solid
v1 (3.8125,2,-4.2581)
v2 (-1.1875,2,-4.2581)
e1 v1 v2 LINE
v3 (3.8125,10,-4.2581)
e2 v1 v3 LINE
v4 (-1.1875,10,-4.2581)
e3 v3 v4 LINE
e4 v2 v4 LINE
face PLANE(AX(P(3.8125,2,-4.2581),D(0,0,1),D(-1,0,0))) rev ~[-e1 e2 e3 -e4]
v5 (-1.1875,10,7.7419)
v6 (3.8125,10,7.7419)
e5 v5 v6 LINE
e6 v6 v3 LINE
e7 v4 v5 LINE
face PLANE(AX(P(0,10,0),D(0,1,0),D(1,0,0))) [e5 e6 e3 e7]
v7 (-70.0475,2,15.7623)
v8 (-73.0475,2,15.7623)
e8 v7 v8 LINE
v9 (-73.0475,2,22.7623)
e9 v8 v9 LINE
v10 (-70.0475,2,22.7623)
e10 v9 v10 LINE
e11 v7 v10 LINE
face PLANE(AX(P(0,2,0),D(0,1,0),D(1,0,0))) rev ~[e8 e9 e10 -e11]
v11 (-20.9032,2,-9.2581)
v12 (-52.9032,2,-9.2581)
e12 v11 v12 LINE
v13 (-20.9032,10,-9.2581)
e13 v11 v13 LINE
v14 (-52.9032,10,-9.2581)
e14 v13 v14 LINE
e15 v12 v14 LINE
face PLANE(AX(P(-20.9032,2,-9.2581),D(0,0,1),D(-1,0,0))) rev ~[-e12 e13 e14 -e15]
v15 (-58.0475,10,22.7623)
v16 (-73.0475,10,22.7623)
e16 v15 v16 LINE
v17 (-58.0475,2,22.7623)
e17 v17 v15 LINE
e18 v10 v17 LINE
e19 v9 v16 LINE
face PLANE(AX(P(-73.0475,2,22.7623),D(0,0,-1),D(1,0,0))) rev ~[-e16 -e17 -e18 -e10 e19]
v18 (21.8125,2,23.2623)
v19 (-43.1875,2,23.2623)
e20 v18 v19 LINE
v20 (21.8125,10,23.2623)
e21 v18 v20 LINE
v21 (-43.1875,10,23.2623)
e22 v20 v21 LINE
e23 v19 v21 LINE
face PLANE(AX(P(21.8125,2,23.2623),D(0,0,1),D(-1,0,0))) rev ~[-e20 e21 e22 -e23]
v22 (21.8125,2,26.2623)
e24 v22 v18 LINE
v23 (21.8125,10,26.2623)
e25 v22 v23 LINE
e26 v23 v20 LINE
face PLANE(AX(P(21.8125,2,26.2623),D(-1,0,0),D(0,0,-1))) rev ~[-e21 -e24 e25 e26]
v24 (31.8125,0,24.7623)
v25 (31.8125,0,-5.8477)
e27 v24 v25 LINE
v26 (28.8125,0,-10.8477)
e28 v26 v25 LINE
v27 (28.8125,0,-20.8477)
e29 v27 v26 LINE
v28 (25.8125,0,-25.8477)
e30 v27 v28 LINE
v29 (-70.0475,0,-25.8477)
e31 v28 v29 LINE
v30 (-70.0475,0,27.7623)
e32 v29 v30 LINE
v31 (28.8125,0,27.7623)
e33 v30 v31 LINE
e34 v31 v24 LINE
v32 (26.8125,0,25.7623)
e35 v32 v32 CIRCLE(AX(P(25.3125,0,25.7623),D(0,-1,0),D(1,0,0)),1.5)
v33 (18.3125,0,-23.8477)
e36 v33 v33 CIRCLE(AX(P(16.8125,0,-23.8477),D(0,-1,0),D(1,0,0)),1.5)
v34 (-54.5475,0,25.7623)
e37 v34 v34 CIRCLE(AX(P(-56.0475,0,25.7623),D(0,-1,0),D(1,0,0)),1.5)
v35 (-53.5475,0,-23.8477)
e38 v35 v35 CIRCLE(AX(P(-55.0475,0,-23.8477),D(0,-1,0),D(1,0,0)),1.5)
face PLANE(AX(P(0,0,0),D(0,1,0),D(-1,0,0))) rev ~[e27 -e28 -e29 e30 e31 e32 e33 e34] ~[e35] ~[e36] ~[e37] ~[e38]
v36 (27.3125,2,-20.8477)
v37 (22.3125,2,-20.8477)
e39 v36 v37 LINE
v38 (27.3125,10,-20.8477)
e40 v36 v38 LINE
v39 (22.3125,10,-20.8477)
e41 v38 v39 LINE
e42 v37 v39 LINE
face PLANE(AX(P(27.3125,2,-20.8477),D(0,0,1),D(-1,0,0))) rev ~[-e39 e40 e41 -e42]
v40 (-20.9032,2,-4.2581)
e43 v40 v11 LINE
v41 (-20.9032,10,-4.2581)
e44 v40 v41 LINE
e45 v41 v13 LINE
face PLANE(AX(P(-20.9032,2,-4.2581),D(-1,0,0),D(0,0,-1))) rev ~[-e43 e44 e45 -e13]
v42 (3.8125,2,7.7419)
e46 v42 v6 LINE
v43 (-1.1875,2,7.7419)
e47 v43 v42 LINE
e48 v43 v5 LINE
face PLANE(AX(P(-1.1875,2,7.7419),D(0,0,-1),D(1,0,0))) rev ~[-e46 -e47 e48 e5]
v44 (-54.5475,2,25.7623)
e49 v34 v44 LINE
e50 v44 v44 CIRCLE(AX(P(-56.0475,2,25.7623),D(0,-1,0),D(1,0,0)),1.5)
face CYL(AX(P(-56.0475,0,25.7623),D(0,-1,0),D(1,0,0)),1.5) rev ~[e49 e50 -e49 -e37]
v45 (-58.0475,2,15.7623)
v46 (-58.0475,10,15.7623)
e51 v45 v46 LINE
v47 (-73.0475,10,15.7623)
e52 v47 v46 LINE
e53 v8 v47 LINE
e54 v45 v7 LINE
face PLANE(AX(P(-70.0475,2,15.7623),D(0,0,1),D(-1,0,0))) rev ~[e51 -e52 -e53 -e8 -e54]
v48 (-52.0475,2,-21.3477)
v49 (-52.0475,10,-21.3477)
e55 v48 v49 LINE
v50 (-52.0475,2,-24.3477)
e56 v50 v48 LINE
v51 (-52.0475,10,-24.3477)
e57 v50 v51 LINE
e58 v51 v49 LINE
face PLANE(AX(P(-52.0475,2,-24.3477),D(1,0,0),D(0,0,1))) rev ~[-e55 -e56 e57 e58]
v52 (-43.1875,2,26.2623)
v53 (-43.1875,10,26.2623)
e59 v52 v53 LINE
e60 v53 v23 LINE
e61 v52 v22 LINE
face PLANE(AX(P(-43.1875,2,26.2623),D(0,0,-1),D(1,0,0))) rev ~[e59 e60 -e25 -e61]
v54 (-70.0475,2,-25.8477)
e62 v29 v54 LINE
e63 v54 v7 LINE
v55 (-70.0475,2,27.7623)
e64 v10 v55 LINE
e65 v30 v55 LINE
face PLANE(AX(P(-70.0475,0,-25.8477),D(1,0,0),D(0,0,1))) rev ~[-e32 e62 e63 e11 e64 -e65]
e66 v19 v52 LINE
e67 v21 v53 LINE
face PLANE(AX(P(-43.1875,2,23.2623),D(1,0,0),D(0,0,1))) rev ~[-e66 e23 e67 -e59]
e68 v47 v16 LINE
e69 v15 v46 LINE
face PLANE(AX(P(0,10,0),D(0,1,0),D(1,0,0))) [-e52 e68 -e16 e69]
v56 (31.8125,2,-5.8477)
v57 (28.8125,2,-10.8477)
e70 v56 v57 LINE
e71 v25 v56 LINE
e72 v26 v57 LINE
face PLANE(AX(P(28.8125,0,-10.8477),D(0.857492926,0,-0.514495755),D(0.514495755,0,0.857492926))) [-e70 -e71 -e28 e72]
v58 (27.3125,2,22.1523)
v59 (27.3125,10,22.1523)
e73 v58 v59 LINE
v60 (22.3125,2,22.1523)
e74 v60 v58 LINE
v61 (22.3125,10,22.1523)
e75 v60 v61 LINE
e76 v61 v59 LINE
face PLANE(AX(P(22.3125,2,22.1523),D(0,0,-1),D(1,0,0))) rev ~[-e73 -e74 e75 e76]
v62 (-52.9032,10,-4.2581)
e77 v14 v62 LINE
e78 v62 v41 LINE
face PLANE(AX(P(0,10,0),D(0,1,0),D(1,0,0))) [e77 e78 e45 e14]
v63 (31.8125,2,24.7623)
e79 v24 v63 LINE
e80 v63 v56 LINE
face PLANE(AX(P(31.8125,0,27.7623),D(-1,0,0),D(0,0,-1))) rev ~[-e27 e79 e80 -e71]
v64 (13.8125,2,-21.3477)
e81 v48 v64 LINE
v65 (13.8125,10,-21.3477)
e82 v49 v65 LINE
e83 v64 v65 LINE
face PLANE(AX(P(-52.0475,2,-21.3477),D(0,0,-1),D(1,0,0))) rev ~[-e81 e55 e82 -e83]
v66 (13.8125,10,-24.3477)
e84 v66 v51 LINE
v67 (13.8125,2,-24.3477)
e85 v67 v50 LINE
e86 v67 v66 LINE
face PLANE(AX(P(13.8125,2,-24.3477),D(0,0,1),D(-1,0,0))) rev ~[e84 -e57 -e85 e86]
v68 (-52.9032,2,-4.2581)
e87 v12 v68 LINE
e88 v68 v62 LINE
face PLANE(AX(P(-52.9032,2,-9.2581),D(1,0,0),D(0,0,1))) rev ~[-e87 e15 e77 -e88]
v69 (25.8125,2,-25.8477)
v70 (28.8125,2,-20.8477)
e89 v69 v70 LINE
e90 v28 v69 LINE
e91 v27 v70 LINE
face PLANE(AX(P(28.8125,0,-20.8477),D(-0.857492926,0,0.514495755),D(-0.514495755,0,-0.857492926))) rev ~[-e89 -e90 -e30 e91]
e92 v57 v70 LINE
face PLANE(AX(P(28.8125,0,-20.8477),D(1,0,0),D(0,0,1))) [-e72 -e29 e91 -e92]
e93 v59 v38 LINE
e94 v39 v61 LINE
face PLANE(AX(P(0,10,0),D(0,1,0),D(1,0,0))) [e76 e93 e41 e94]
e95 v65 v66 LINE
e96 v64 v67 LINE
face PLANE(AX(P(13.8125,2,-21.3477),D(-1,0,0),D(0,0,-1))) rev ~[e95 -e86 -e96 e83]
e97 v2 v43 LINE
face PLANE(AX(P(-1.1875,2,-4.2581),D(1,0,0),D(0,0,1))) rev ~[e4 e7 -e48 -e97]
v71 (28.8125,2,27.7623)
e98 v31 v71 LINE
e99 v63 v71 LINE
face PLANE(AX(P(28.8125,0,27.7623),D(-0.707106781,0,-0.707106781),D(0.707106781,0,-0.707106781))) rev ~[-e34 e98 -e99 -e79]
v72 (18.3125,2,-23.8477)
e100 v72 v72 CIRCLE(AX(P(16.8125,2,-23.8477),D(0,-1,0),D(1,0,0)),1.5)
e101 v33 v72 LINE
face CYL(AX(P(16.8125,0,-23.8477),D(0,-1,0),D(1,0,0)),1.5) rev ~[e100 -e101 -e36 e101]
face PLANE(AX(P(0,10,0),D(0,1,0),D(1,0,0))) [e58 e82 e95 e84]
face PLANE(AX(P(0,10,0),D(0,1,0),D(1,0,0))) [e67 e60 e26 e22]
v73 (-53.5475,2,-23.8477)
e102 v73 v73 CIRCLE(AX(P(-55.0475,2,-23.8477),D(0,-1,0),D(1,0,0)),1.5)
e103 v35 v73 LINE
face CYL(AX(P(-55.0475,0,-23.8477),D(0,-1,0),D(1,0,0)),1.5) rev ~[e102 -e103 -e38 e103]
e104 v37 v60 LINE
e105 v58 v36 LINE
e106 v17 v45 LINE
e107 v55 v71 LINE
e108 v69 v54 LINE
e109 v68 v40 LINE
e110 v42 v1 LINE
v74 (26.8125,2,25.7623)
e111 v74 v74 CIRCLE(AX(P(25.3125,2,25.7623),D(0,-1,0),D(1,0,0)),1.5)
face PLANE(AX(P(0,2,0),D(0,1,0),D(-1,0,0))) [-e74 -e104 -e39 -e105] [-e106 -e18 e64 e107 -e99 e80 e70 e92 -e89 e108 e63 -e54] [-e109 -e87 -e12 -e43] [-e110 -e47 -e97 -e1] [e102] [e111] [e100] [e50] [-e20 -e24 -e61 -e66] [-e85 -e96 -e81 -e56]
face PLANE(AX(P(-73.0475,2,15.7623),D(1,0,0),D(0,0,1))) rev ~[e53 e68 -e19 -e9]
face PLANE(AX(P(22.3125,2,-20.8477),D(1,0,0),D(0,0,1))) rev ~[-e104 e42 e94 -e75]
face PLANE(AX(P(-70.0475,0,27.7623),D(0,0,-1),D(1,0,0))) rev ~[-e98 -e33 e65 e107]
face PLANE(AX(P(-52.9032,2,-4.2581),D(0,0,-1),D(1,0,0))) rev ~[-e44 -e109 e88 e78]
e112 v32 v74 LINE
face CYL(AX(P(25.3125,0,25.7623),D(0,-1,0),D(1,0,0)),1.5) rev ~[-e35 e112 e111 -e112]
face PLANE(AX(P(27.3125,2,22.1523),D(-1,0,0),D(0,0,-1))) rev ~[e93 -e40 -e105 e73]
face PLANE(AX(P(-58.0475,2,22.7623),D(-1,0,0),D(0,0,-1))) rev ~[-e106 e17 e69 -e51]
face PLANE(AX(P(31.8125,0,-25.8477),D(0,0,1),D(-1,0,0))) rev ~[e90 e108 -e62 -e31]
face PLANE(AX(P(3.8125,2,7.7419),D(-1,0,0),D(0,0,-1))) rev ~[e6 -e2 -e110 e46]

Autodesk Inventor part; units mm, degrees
ref_plane "YZ Plane" through (0, 0, 0) normal (1, 0, 0) x (0, 1, 0)
ref_plane "XZ Plane" through (0, 0, 0) normal (0, 1, 0) x (-1, 0, 0)
ref_plane "XY Plane" through (0, 0, 0) normal (0, 0, 1) x (1, 0, 0)
sketch "Boceto1" plane through (0, 0, 0) normal (0, 1, 0) x (-1, 0, 0)
  line L0 (70.0475, 27.7623) -> (-31.8125, 27.7623)
  line L1 (-31.8125, 27.7623) -> (-31.8125, -25.8477)
  line L2 (-31.8125, -25.8477) -> (70.0475, -25.8477)
  line L3 (70.0475, -25.8477) -> (70.0475, 27.7623)
  point P0 (0, 0)
  dimension "d0" = 53.61
  dimension "d1" = 101.86
extrude "Extrusión1" add sketch "Boceto1" along normal blind 2
sketch "Boceto6" plane through (0, 0, 0) normal (0, -1, 0) x (1, 0, 0)
  line L0 (-50.0475, 27.7623) -> (23.8125, 27.7623) projected
  line L1 (28.8125, 27.7623) -> (31.8125, 24.7623)
  line L2 (31.8125, 27.7623) -> (31.8125, -25.8477) projected
  line L3 (-70.0475, 27.7623) -> (31.8125, 27.7623) projected
  line L4 (28.8125, 27.7623) -> (31.8125, 27.7623)
  line L5 (31.8125, 27.7623) -> (31.8125, 24.7623)
  circle A0 centre (25.3125, 25.7623) radius 1.5
  line L6 (31.8125, 17.7623) -> (31.8125, -25.8477) projected
  line L7 (31.8125, -15.8477) -> (25.8125, -25.8477)
  line L8 (31.8125, -25.8477) -> (23.8125, -25.8477) projected
  line L9 (31.8125, -25.8477) -> (28.8125, -25.8477)
  line L10 (28.8125, -25.8477) -> (28.8125, 5.0493)
  line L11 (28.8125, -10.8477) -> (31.8125, -5.8477)
  line L12 (31.8125, -5.8477) -> (31.8125, -25.8477)
  line L13 (25.8125, -25.8477) -> (31.8125, -25.8477)
  circle A1 centre (16.8125, -23.8477) radius 1.5
  line L14 (31.8125, -25.8477) -> (-70.0475, -25.8477) projected
  circle A2 centre (-56.0475, 25.7623) radius 1.5
  line L15 (-70.0475, 27.7623) -> (31.8125, 27.7623) projected
  line L16 (-70.0475, -25.8477) -> (-70.0475, 27.7623) projected
  circle A3 centre (-55.0475, -23.8477) radius 1.5
  point P0 (0, 0)
  point P1 (28.8125, -20.8477)
  point P2 (28.8125, -20.8477)
  dimension "d39" = 3
  dimension "d40" = 3
  dimension "d41" = 3
  dimension "d42" = 6.5
  dimension "d43" = 2
  dimension "d44" = 6
  dimension "d45" = 10
  dimension "d46" = 3
  dimension "d47" = 10
  dimension "d48" = 10
  dimension "d49" = 3
  dimension "d50" = 2
  dimension "d51" = 15
  dimension "d52" = 3
  dimension "d53" = 2
  dimension "d54" = 14
  dimension "d55" = 3
  dimension "d56" = 2
  dimension "d57" = 15
extrude "Extrusión7" cut sketch "Boceto6" against normal blind 3 contours L3 L2 L1 | L7 L10 L8 | L2 L7 L10 L11 | L7 L2 L8 L10 | A0 | A1 | A2 | A3
sketch "Boceto5" plane through (0, 2, 0) normal (0, 1, 0) x (1, 0, 0)
  line L0 (-73.0475, -22.7623) -> (-58.0475, -22.7623)
  line L1 (-58.0475, -22.7623) -> (-58.0475, -15.7623)
  line L2 (-58.0475, -15.7623) -> (-73.0475, -15.7623)
  line L3 (-73.0475, -15.7623) -> (-73.0475, -22.7623)
  line L4 (-70.0475, -27.7623) -> (31.8125, -27.7623) projected
  line L5 (-70.0475, 25.8477) -> (-70.0475, -27.7623) projected
  point P0 (0, 0)
  point P1 (-50.0475, -27.7623)
  point P2 (-65.5475, -22.7623)
  dimension "d33" = 5
  dimension "d34" = 7
  dimension "d35" = 3
  dimension "d36" = 15
extrude "Extrusión6" add sketch "Boceto5" along normal blind 8
sketch "Boceto4" plane through (0, 2, 0) normal (0, 1, 0) x (1, 0, 0)
  line L0 (-52.9032, 4.2581) -> (-20.9032, 4.2581)
  line L1 (-20.9032, 4.2581) -> (-20.9032, 9.2581)
  line L2 (-20.9032, 9.2581) -> (-52.9032, 9.2581)
  line L3 (-52.9032, 9.2581) -> (-52.9032, 4.2581)
  line L4 (-1.1875, -7.7419) -> (3.8125, -7.7419)
  line L5 (3.8125, -7.7419) -> (3.8125, 4.2581)
  line L6 (3.8125, 4.2581) -> (-1.1875, 4.2581)
  line L7 (-1.1875, 4.2581) -> (-1.1875, -7.7419)
  line L8 (23.8125, 25.8477) -> (23.8125, -17.7623) projected
  point P0 (0, 0)
  point P1 (-36.9032, 9.2581)
  point P2 (-36.9032, 4.2581)
  point P3 (1.3125, 4.2581)
  point P4 (1.3125, -7.7419)
  point P5 (-1.1875, -1.7419)
  point P6 (3.8125, -1.7419)
  point P7 (-20.9032, 6.7581)
  point P8 (-52.9032, 6.7581)
  dimension "d19" = 5
  dimension "d20" = 12
  dimension "d21" = 5
  dimension "d22" = 32
  dimension "d23" = 20
extrude "Extrusión4" add sketch "Boceto4" along normal blind 8
sketch "Boceto7" plane through (0, 2, 0) normal (0, 1, 0) x (1, 0, 0)
  line L0 (27.3125, 20.8477) -> (22.3125, 20.8477)
  line L1 (22.3125, 20.8477) -> (22.3125, -22.1523)
  line L2 (22.3125, -22.1523) -> (27.3125, -22.1523)
  line L3 (27.3125, -22.1523) -> (27.3125, 20.8477)
  line L4 (28.8125, 10.8477) -> (28.8125, 20.8477) projected
  line L5 (25.8125, 25.8477) -> (-70.0475, 25.8477) projected
  line L6 (21.8125, -23.2623) -> (-43.1875, -23.2623)
  line L7 (-43.1875, -23.2623) -> (-43.1875, -26.2623)
  line L8 (-43.1875, -26.2623) -> (21.8125, -26.2623)
  line L9 (21.8125, -26.2623) -> (21.8125, -23.2623)
  line L10 (-70.0475, -27.7623) -> (28.8125, -27.7623) projected
  line L11 (31.8125, -24.7623) -> (31.8125, 5.8477) projected
  line L12 (13.8125, 24.3477) -> (-52.0475, 24.3477)
  line L13 (-52.0475, 24.3477) -> (-52.0475, 21.3477)
  line L14 (-52.0475, 21.3477) -> (13.8125, 21.3477)
  line L15 (13.8125, 21.3477) -> (13.8125, 24.3477)
  line L16 (-70.0475, 25.8477) -> (-70.0475, -15.7623) projected
  point P0 (0, 0)
  point P1 (24.8125, 20.8477)
  point P2 (21.8125, -24.7623)
  point P3 (-43.1875, -24.7623)
  point P4 (13.8125, 22.8477)
  point P5 (-52.0475, 22.8477)
  dimension "d60" = 1.5
  dimension "d61" = 5
  dimension "d62" = 5
  dimension "d63" = 43
  dimension "d64" = 1.5
  dimension "d65" = 3
  dimension "d66" = 10
  dimension "d67" = 65
  dimension "d68" = 1.5
  dimension "d69" = 3
  dimension "d70" = 15
  dimension "d71" = 18
extrude "Extrusión8" add sketch "Boceto7" along normal blind 8
properties part number "Wemos Mega"
